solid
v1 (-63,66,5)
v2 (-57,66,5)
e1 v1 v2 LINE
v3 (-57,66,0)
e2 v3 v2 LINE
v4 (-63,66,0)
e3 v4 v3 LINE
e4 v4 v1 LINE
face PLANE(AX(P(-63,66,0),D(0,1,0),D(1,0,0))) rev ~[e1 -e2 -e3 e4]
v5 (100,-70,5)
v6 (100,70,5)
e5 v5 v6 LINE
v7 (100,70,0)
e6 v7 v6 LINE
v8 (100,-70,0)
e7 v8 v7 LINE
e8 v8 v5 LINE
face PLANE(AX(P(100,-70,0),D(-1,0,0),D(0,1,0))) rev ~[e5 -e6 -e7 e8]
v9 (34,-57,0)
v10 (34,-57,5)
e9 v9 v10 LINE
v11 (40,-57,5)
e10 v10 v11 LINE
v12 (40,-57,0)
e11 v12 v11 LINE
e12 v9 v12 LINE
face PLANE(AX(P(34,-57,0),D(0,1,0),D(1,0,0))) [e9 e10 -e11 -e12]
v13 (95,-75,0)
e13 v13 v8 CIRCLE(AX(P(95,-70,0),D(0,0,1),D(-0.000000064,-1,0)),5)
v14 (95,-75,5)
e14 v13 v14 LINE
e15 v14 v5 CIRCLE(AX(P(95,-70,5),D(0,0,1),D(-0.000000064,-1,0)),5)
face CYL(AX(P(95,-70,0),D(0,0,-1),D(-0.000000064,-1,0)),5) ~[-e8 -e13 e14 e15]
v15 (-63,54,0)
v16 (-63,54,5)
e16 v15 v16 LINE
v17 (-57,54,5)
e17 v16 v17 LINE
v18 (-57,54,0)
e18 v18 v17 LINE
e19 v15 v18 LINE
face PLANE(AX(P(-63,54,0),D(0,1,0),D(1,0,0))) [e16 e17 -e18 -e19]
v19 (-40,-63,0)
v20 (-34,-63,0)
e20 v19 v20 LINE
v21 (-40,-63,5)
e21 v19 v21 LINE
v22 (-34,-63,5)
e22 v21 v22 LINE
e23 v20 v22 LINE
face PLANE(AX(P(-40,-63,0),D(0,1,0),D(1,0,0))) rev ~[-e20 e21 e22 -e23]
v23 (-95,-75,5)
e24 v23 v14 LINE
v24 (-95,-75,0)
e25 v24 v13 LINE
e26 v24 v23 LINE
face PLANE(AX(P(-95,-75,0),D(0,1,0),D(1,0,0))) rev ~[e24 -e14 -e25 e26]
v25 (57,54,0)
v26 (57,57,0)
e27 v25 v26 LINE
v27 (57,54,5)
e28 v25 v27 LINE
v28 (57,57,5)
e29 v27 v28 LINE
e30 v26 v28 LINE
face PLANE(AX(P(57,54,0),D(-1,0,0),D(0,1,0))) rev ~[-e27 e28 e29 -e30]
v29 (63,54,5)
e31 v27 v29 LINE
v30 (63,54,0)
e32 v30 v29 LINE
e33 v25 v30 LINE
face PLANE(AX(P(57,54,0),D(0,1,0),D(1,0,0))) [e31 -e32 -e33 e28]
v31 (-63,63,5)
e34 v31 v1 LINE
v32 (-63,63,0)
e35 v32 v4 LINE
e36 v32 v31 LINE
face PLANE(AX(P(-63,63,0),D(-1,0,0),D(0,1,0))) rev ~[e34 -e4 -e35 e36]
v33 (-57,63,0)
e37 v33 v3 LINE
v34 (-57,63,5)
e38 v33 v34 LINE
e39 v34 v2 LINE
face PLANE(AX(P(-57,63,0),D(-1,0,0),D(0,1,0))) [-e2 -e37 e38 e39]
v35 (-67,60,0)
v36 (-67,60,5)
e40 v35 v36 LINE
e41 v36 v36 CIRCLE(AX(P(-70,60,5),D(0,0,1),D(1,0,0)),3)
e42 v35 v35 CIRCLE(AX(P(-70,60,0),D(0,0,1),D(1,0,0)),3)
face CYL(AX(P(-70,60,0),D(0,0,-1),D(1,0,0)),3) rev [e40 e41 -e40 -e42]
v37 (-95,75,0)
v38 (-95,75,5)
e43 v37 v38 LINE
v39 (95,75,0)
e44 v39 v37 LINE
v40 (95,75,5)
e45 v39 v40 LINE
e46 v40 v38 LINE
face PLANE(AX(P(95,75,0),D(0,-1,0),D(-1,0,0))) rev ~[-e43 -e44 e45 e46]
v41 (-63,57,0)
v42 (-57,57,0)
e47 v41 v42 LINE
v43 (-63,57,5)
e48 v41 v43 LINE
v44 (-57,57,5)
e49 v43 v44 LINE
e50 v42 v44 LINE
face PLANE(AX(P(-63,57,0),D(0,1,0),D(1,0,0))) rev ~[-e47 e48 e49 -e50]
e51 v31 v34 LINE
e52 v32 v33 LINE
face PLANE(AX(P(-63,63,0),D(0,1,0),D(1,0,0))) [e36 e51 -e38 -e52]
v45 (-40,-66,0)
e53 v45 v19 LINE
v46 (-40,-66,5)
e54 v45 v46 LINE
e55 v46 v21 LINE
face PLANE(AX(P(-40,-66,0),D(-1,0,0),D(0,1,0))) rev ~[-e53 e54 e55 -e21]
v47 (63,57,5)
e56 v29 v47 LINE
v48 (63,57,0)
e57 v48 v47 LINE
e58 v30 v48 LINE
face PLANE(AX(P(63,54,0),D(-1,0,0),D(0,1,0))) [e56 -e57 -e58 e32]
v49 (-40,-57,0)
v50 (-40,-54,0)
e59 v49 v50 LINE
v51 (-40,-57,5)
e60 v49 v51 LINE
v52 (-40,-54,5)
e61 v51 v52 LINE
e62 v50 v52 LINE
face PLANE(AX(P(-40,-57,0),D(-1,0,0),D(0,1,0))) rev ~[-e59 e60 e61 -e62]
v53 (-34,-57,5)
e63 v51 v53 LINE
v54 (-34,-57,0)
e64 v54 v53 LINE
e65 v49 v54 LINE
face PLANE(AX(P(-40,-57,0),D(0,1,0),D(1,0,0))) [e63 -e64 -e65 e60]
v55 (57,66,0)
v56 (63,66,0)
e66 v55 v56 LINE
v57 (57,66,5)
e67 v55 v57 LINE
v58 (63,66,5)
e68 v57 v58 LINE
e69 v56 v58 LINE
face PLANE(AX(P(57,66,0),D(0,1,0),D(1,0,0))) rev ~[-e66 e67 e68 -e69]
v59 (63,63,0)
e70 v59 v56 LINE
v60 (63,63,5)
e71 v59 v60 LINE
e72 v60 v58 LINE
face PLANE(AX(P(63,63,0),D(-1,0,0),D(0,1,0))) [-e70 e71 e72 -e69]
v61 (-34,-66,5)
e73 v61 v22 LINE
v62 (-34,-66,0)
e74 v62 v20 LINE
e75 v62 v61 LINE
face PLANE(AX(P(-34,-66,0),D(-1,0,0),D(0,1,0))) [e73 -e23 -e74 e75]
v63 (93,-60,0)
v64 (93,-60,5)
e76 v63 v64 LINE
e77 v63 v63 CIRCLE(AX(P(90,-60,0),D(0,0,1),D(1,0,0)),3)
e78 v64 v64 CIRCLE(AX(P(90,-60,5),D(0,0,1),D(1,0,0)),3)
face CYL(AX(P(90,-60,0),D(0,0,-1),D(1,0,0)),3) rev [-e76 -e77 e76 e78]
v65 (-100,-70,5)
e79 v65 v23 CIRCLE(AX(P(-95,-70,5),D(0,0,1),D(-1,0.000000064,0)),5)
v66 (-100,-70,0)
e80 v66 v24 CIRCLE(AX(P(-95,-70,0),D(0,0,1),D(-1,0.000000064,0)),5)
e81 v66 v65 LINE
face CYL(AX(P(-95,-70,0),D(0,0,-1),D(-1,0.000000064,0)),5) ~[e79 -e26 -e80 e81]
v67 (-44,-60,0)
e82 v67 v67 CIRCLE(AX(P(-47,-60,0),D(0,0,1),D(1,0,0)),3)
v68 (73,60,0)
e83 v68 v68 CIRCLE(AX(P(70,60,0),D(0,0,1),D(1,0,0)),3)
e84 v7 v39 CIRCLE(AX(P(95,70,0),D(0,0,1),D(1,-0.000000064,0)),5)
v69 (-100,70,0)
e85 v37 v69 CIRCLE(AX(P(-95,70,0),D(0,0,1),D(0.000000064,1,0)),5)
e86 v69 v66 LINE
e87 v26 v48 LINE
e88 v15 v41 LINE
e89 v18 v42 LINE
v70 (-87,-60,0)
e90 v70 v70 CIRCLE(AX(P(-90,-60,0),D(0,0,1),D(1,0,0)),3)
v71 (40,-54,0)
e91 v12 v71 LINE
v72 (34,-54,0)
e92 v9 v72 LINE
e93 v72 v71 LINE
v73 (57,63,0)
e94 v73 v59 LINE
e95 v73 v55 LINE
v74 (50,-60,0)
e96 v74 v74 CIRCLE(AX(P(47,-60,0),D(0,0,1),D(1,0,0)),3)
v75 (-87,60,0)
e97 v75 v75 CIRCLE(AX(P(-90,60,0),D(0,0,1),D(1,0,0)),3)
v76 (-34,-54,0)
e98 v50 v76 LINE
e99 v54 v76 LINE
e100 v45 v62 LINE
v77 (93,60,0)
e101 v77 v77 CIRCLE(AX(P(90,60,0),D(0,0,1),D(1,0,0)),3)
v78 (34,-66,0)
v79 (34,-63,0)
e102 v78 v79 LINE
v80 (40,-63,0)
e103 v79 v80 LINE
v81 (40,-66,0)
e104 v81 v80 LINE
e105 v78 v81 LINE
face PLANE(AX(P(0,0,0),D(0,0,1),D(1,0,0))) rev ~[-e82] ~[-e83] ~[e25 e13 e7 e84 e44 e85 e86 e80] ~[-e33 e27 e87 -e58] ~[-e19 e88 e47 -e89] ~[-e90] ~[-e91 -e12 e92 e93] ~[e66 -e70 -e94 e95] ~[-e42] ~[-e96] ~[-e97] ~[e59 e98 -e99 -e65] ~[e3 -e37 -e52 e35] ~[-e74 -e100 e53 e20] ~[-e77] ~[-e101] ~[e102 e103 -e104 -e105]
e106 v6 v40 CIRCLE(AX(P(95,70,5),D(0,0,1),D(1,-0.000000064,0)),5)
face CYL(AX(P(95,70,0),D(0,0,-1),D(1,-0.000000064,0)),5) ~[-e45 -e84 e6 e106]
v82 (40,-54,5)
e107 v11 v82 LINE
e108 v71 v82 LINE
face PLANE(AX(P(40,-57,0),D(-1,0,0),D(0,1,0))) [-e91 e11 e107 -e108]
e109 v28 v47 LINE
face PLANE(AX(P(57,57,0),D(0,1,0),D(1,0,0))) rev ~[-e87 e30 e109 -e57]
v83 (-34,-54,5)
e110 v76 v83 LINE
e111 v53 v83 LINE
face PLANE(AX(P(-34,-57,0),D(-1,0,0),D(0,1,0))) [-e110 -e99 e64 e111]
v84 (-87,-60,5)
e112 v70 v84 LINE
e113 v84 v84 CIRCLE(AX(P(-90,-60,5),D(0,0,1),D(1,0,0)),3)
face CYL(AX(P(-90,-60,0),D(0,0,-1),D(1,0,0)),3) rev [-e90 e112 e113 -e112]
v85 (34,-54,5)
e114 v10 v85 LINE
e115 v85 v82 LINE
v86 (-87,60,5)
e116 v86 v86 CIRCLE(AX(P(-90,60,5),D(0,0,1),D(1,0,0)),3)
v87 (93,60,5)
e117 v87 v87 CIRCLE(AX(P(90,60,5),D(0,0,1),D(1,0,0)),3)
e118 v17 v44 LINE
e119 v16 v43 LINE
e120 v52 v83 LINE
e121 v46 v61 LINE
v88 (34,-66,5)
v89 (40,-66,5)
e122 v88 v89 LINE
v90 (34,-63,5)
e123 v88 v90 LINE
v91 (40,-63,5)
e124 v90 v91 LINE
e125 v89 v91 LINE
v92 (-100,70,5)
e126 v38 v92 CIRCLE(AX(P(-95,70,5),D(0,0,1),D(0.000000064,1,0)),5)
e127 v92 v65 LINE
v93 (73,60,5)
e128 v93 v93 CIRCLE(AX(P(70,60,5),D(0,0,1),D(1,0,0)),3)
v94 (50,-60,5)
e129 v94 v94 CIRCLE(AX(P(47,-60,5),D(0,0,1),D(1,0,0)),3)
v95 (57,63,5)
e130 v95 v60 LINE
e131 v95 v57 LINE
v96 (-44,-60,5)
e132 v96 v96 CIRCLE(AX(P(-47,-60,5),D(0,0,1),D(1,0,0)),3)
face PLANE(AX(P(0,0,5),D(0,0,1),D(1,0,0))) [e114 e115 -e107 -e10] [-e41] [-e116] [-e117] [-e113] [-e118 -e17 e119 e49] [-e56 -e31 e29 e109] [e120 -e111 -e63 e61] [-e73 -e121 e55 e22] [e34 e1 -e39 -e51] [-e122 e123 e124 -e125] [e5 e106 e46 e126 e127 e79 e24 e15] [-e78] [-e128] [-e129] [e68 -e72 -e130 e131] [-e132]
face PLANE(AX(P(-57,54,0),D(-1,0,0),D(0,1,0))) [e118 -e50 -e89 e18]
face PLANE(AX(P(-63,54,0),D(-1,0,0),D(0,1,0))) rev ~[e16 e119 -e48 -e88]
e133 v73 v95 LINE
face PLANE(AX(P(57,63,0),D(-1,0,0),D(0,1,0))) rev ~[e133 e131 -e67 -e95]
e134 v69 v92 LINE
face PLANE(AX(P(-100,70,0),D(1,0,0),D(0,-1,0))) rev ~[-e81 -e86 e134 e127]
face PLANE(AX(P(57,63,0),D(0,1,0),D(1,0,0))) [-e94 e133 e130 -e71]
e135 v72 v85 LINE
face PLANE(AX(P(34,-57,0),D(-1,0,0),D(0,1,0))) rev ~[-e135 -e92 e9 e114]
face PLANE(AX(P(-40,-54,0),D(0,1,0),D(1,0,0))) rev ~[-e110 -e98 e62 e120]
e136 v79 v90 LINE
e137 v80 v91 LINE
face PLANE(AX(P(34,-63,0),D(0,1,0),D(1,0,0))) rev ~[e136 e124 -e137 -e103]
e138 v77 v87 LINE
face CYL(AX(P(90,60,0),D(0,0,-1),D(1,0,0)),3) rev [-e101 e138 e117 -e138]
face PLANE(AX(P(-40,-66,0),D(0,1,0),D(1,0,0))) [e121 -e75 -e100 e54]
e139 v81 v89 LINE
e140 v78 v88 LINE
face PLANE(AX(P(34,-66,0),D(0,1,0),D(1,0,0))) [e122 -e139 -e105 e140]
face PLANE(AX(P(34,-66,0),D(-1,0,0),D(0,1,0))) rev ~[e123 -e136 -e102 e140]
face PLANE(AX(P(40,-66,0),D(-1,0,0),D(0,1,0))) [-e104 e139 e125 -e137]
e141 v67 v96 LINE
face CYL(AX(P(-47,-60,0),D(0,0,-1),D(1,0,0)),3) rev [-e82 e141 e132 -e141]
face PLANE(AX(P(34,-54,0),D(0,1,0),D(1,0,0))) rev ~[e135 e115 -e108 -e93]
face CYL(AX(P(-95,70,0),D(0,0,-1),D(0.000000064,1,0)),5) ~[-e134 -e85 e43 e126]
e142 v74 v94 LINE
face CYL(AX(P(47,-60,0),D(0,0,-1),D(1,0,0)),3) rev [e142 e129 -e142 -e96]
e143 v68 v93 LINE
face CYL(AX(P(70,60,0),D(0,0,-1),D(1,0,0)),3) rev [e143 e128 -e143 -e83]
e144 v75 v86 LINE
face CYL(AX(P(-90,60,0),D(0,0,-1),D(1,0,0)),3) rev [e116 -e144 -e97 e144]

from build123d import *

# Parameters (mm, degrees)
F0_R     = 3
F0_W     = 6
F0_H     = 3
F1_DEPTH = 5


with BuildPart() as f1:
    # F0 (on Top) → F1 (new body)
    with BuildSketch(Plane.XY):
        with BuildLine():
            ThreePointArc((100, 70), (98.535534, 73.535534), (95, 75))
            Line((95, 75), (-95, 75))
            ThreePointArc((-95, 75), (-98.535534, 73.535534), (-100, 70))
            Line((-100, 70), (-100, -70))
            ThreePointArc((-100, -70), (-98.535534, -73.535534), (-95, -75))
            Line((-95, -75), (95, -75))
            ThreePointArc((95, -75), (98.535534, -73.535534), (100, -70))
            Line((100, -70), (100, 70))
        make_face()
        with Locations((-90, -60)):
            Circle(F0_R, mode=Mode.SUBTRACT)
        with Locations((-47, -60)):
            Circle(F0_R, mode=Mode.SUBTRACT)
        with Locations((-37, -64.5)):
            Rectangle(F0_W, F0_H, mode=Mode.SUBTRACT)
        with Locations((-37, -55.5)):
            Rectangle(F0_W, F0_H, mode=Mode.SUBTRACT)
        with Locations((37, -64.5)):
            Rectangle(F0_W, F0_H, mode=Mode.SUBTRACT)
        with Locations((47, -60)):
            Circle(F0_R, mode=Mode.SUBTRACT)
        with Locations((37, -55.5)):
            Rectangle(F0_W, F0_H, mode=Mode.SUBTRACT)
        with Locations((90, -60)):
            Circle(F0_R, mode=Mode.SUBTRACT)
        with Locations((-60, 55.5)):
            Rectangle(F0_W, F0_H, mode=Mode.SUBTRACT)
        with Locations((-90, 60)):
            Circle(F0_R, mode=Mode.SUBTRACT)
        with Locations((-70, 60)):
            Circle(F0_R, mode=Mode.SUBTRACT)
        with Locations((-60, 64.5)):
            Rectangle(F0_W, F0_H, mode=Mode.SUBTRACT)
        with Locations((60, 55.5)):
            Rectangle(F0_W, F0_H, mode=Mode.SUBTRACT)
        with Locations((60, 64.5)):
            Rectangle(F0_W, F0_H, mode=Mode.SUBTRACT)
        with Locations((70, 60)):
            Circle(F0_R, mode=Mode.SUBTRACT)
        with Locations((90, 60)):
            Circle(F0_R, mode=Mode.SUBTRACT)
    extrude(amount=F1_DEPTH)


solid = f1.part
